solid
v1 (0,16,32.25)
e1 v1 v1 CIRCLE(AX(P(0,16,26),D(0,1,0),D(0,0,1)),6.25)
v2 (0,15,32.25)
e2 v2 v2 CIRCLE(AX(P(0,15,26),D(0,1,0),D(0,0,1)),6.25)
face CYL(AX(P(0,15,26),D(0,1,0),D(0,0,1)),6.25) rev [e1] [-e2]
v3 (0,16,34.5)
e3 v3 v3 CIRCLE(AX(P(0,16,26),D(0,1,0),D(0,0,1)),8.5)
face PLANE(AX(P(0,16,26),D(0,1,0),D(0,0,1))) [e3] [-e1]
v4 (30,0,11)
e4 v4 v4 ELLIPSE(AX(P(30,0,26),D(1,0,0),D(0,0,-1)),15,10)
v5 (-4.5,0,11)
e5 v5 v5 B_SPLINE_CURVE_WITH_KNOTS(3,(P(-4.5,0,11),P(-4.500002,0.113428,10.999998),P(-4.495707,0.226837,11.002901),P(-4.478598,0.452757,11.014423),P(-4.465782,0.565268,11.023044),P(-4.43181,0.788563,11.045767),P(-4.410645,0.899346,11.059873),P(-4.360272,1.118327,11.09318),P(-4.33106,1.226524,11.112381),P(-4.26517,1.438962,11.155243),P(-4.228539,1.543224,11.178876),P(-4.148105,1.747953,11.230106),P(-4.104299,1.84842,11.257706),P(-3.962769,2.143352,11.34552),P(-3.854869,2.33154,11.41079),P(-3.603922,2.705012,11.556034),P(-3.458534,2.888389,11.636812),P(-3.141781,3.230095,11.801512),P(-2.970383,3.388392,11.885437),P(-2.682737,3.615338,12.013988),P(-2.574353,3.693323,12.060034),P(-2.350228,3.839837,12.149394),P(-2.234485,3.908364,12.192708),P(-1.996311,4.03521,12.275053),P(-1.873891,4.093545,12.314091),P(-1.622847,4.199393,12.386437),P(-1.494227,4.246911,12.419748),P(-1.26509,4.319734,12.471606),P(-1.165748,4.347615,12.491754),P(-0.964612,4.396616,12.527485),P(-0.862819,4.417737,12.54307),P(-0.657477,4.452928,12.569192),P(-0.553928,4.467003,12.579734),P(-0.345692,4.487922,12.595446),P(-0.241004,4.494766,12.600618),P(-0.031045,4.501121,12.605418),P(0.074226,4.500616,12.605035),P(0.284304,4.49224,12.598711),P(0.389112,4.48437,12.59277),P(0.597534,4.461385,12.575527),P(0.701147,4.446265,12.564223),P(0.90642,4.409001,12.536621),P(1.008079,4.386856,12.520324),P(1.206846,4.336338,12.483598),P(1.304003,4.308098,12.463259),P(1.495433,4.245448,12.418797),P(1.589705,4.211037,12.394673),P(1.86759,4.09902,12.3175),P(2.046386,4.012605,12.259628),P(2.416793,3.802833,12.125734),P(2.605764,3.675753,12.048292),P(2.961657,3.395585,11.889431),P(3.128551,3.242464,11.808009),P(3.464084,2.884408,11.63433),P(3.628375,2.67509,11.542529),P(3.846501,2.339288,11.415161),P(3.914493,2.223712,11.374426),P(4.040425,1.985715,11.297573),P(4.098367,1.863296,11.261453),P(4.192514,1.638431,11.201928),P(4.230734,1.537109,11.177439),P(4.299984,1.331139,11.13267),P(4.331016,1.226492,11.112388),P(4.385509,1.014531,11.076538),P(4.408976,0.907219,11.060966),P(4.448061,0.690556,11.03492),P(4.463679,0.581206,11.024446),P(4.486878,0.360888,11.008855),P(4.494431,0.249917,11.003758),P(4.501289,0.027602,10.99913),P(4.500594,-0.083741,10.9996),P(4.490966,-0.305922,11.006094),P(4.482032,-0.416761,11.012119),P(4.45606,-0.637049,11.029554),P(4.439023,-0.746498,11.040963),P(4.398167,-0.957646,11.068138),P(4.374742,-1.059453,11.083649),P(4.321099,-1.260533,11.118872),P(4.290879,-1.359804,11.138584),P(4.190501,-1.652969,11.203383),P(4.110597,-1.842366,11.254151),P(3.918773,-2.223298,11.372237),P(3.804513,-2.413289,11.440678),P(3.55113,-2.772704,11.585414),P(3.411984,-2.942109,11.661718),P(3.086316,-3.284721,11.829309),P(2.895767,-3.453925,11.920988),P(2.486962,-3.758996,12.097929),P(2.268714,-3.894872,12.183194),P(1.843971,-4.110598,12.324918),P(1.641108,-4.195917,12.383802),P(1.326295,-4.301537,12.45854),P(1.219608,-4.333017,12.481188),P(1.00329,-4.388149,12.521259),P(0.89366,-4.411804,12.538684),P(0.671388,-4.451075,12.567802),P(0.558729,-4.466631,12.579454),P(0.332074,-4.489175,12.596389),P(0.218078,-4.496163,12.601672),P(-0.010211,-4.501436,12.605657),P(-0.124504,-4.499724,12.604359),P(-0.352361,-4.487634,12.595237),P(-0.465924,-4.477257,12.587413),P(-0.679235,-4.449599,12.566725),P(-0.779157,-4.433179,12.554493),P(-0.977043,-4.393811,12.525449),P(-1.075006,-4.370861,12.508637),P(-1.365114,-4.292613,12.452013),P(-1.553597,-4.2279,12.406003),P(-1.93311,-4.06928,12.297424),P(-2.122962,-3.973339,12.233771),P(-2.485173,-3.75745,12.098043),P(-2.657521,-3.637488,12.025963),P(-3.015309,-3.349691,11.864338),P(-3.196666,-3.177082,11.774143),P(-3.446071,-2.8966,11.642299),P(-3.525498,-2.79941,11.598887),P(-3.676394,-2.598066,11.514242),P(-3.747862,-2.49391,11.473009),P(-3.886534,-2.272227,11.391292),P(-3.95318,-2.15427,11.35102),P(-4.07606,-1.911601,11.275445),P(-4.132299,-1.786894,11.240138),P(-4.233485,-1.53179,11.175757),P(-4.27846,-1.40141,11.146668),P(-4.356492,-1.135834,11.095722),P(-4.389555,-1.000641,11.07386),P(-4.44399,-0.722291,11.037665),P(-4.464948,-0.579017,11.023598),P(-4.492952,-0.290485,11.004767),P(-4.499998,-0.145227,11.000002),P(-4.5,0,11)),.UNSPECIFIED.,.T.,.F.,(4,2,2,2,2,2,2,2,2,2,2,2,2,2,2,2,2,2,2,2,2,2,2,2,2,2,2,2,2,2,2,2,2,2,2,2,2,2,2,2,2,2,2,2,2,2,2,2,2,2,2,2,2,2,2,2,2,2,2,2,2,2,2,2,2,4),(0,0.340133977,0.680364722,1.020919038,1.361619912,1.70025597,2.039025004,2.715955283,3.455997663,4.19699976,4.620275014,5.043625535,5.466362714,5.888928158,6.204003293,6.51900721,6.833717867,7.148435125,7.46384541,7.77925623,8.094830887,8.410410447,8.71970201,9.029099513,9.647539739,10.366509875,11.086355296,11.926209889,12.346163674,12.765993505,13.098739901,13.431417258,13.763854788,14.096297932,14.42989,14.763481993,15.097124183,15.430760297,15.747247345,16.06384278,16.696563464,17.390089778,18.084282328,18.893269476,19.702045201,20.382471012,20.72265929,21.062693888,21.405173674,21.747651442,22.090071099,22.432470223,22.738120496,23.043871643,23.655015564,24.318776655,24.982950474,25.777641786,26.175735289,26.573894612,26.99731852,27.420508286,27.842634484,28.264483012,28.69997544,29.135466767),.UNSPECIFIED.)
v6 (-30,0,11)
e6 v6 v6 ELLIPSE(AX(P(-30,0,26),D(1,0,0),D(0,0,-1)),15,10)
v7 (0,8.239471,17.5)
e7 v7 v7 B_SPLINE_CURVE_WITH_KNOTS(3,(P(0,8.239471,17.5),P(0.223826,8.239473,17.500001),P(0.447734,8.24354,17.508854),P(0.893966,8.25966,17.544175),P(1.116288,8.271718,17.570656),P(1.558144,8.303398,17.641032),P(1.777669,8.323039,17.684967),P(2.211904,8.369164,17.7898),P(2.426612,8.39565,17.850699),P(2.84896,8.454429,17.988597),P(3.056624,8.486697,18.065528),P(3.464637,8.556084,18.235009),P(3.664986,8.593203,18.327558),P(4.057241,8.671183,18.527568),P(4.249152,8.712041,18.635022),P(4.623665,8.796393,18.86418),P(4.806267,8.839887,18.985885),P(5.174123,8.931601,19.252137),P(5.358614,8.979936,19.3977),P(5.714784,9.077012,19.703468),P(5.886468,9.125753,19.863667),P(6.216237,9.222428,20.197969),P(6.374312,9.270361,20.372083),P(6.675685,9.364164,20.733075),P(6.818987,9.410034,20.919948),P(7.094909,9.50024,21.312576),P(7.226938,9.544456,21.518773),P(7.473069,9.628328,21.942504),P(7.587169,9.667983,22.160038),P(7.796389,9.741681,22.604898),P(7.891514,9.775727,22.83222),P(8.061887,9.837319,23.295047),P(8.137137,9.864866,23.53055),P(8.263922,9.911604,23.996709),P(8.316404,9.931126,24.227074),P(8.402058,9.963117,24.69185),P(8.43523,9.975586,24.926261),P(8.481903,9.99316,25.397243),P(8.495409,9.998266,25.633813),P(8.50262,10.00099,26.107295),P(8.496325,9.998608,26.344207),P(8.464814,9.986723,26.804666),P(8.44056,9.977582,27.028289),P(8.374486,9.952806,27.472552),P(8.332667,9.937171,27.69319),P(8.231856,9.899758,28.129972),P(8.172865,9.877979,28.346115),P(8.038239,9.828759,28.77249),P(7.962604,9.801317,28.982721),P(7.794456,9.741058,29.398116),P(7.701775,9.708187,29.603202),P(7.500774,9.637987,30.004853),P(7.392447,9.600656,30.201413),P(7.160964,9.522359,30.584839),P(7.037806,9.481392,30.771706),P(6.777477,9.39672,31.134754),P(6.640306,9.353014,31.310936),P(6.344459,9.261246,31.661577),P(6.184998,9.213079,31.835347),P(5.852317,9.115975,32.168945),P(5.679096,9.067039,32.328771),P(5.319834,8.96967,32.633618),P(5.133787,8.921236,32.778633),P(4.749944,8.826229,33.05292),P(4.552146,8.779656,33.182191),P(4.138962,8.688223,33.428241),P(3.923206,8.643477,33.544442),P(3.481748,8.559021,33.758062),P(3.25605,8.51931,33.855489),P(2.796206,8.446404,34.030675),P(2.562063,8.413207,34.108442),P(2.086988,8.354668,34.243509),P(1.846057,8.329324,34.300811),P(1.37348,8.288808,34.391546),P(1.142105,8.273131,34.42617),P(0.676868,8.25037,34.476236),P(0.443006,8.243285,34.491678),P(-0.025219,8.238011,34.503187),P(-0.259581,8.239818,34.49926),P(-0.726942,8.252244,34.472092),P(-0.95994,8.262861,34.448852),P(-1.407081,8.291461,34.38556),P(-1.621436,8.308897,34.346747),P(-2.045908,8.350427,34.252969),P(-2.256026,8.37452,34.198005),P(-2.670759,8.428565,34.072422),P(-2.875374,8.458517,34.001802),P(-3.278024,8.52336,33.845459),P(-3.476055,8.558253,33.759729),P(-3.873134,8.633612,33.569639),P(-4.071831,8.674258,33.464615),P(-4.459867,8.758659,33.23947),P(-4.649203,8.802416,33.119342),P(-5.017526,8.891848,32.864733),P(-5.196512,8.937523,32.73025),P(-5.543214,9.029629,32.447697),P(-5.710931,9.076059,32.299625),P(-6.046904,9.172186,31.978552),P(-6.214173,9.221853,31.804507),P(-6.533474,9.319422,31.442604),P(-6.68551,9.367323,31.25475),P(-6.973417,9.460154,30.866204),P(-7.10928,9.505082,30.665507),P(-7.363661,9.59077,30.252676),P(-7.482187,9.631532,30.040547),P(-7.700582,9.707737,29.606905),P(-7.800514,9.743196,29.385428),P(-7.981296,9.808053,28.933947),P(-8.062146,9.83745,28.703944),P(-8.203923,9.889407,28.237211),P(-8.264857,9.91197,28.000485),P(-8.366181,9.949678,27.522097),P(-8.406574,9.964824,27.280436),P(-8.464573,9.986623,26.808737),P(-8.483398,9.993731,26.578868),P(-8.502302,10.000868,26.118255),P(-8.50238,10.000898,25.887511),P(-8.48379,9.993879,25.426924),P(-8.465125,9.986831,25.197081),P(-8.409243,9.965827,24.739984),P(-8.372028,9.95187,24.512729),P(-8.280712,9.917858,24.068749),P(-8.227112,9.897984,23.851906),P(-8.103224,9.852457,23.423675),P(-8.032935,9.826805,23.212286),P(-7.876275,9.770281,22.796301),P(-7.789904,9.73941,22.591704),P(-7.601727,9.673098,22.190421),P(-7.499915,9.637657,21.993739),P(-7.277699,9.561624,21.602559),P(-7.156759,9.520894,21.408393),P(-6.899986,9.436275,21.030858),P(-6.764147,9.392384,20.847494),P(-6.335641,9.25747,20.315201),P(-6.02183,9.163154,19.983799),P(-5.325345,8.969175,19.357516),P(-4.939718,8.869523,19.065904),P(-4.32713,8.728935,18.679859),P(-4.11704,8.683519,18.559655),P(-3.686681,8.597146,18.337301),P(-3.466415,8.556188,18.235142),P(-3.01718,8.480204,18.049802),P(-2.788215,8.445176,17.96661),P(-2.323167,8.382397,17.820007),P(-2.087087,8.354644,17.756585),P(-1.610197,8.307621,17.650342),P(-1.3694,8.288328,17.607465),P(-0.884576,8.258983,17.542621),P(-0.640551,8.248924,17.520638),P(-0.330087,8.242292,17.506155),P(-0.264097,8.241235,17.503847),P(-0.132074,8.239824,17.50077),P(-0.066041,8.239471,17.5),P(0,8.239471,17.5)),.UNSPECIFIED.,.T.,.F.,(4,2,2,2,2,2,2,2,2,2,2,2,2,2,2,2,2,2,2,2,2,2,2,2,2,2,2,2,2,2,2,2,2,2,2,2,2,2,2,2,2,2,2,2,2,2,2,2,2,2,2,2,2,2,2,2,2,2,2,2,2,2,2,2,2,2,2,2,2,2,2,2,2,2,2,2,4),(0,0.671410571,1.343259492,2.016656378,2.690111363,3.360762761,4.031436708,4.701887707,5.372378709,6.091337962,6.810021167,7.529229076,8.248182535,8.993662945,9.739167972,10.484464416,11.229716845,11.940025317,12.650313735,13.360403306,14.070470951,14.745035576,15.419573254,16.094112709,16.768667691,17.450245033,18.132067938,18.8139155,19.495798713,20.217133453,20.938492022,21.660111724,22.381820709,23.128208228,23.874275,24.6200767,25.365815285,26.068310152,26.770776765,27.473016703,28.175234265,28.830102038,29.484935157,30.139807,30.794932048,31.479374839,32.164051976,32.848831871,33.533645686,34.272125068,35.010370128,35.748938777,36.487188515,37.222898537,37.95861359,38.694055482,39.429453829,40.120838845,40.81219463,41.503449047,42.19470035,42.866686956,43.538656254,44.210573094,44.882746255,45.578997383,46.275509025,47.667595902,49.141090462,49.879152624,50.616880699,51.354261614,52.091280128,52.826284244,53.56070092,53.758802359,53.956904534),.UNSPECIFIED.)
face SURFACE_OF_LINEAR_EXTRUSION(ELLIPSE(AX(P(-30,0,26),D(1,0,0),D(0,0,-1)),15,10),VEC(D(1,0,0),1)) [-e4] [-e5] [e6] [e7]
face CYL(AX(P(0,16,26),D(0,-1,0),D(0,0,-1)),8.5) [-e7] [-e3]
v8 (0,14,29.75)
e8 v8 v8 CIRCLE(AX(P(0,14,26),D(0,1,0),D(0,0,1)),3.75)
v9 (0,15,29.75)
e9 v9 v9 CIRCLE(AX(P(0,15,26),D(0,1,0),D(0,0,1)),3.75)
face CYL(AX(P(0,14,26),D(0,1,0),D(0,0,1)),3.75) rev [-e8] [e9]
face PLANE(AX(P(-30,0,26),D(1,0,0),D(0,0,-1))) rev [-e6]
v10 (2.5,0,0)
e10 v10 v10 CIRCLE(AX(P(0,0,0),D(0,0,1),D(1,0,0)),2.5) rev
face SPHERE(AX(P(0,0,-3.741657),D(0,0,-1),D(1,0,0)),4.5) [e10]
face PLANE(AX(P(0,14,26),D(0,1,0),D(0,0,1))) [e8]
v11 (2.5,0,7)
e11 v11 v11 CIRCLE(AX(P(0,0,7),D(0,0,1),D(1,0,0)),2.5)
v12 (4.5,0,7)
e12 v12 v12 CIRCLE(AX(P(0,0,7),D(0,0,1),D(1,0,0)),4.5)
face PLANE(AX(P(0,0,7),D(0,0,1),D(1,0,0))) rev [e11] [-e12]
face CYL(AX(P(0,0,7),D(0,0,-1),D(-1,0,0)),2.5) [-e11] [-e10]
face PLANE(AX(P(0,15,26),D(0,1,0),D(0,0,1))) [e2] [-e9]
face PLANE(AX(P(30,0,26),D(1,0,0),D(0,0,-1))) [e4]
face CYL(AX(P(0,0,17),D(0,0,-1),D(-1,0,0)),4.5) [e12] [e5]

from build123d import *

# Parameters (mm, degrees)
SKETCH_1_R           = 2.5
EXTRUDE_1_DEPTH      = 7
SKETCH_2_R           = 4.5
EXTRUDE_2_DEPTH      = 10
EXTRUDE_3_DEPTH      = 30
EXTRUDE_3_DEPTH_BACK = 30
SKETCH_3_RX          = 15
SKETCH_3_RY          = 10
SKETCH_4_R           = 8.5
EXTRUDE_4_DEPTH      = 16
SKETCH_5_R           = 6.25
CUT_EXTRUDE_1_DEPTH  = 1
SKETCH_6_R           = 3.75
CUT_EXTRUDE_2_DEPTH  = 1


with BuildPart() as part:
    # 草图1 → 凸台-拉伸1 (new body)
    with BuildSketch(Plane.XY):
        Circle(SKETCH_1_R)
    extrude(amount=EXTRUDE_1_DEPTH)

    # 草图2 → 凸台-拉伸2 (add)
    with BuildSketch(Plane.XY.offset(7)):
        Circle(SKETCH_2_R)
    extrude(amount=EXTRUDE_2_DEPTH)

    # 草图3 → 凸台-拉伸3 (add, two sides: drawn at the far end of the back side and taken through both)
    with BuildSketch(Plane(origin=(0, 0, 0), x_dir=(0, 0, -1), z_dir=(1, 0, 0)).offset(-EXTRUDE_3_DEPTH_BACK)):
        with Locations((-26, 0)):
            Ellipse(SKETCH_3_RX, SKETCH_3_RY)
    extrude(amount=EXTRUDE_3_DEPTH + EXTRUDE_3_DEPTH_BACK)

    # 草图4 → 凸台-拉伸4 (add)
    with BuildSketch(Plane(origin=(0, 0, 0), x_dir=(1, 0, 0), z_dir=(0, 1, 0))):
        with Locations((0, -26)):
            Circle(SKETCH_4_R)
    extrude(amount=EXTRUDE_4_DEPTH)

    # 草图5 → 切除-拉伸1 (cut)
    with BuildSketch(Plane(origin=(0, 16, 0), x_dir=(1, 0, 0), z_dir=(0, 1, 0))):
        with Locations((0, -26)):
            Circle(SKETCH_5_R)
    extrude(amount=-CUT_EXTRUDE_1_DEPTH, mode=Mode.SUBTRACT)

    # 草图6 → 切除-拉伸2 (cut)
    with BuildSketch(Plane(origin=(0, 15, 0), x_dir=(1, 0, 0), z_dir=(0, 1, 0))):
        with Locations((0, -26)):
            Circle(SKETCH_6_R)
    extrude(amount=-CUT_EXTRUDE_2_DEPTH, mode=Mode.SUBTRACT)

    # 草图7 → 旋转3 (revolve)
    with BuildSketch(Plane(origin=(0, 0, 0), x_dir=(1, 0, 0), z_dir=(0, 1, 0))):
        with BuildLine():
            Line((0, -0.758342613), (0, 8.241657387))
            ThreePointArc((0, 8.241657387), (4.5, 3.741657387), (0, -0.758342613))
        make_face()
    revolve(axis=Axis((0, 0, -10.703740256), (0, 0, 1)))


solid = part.part
